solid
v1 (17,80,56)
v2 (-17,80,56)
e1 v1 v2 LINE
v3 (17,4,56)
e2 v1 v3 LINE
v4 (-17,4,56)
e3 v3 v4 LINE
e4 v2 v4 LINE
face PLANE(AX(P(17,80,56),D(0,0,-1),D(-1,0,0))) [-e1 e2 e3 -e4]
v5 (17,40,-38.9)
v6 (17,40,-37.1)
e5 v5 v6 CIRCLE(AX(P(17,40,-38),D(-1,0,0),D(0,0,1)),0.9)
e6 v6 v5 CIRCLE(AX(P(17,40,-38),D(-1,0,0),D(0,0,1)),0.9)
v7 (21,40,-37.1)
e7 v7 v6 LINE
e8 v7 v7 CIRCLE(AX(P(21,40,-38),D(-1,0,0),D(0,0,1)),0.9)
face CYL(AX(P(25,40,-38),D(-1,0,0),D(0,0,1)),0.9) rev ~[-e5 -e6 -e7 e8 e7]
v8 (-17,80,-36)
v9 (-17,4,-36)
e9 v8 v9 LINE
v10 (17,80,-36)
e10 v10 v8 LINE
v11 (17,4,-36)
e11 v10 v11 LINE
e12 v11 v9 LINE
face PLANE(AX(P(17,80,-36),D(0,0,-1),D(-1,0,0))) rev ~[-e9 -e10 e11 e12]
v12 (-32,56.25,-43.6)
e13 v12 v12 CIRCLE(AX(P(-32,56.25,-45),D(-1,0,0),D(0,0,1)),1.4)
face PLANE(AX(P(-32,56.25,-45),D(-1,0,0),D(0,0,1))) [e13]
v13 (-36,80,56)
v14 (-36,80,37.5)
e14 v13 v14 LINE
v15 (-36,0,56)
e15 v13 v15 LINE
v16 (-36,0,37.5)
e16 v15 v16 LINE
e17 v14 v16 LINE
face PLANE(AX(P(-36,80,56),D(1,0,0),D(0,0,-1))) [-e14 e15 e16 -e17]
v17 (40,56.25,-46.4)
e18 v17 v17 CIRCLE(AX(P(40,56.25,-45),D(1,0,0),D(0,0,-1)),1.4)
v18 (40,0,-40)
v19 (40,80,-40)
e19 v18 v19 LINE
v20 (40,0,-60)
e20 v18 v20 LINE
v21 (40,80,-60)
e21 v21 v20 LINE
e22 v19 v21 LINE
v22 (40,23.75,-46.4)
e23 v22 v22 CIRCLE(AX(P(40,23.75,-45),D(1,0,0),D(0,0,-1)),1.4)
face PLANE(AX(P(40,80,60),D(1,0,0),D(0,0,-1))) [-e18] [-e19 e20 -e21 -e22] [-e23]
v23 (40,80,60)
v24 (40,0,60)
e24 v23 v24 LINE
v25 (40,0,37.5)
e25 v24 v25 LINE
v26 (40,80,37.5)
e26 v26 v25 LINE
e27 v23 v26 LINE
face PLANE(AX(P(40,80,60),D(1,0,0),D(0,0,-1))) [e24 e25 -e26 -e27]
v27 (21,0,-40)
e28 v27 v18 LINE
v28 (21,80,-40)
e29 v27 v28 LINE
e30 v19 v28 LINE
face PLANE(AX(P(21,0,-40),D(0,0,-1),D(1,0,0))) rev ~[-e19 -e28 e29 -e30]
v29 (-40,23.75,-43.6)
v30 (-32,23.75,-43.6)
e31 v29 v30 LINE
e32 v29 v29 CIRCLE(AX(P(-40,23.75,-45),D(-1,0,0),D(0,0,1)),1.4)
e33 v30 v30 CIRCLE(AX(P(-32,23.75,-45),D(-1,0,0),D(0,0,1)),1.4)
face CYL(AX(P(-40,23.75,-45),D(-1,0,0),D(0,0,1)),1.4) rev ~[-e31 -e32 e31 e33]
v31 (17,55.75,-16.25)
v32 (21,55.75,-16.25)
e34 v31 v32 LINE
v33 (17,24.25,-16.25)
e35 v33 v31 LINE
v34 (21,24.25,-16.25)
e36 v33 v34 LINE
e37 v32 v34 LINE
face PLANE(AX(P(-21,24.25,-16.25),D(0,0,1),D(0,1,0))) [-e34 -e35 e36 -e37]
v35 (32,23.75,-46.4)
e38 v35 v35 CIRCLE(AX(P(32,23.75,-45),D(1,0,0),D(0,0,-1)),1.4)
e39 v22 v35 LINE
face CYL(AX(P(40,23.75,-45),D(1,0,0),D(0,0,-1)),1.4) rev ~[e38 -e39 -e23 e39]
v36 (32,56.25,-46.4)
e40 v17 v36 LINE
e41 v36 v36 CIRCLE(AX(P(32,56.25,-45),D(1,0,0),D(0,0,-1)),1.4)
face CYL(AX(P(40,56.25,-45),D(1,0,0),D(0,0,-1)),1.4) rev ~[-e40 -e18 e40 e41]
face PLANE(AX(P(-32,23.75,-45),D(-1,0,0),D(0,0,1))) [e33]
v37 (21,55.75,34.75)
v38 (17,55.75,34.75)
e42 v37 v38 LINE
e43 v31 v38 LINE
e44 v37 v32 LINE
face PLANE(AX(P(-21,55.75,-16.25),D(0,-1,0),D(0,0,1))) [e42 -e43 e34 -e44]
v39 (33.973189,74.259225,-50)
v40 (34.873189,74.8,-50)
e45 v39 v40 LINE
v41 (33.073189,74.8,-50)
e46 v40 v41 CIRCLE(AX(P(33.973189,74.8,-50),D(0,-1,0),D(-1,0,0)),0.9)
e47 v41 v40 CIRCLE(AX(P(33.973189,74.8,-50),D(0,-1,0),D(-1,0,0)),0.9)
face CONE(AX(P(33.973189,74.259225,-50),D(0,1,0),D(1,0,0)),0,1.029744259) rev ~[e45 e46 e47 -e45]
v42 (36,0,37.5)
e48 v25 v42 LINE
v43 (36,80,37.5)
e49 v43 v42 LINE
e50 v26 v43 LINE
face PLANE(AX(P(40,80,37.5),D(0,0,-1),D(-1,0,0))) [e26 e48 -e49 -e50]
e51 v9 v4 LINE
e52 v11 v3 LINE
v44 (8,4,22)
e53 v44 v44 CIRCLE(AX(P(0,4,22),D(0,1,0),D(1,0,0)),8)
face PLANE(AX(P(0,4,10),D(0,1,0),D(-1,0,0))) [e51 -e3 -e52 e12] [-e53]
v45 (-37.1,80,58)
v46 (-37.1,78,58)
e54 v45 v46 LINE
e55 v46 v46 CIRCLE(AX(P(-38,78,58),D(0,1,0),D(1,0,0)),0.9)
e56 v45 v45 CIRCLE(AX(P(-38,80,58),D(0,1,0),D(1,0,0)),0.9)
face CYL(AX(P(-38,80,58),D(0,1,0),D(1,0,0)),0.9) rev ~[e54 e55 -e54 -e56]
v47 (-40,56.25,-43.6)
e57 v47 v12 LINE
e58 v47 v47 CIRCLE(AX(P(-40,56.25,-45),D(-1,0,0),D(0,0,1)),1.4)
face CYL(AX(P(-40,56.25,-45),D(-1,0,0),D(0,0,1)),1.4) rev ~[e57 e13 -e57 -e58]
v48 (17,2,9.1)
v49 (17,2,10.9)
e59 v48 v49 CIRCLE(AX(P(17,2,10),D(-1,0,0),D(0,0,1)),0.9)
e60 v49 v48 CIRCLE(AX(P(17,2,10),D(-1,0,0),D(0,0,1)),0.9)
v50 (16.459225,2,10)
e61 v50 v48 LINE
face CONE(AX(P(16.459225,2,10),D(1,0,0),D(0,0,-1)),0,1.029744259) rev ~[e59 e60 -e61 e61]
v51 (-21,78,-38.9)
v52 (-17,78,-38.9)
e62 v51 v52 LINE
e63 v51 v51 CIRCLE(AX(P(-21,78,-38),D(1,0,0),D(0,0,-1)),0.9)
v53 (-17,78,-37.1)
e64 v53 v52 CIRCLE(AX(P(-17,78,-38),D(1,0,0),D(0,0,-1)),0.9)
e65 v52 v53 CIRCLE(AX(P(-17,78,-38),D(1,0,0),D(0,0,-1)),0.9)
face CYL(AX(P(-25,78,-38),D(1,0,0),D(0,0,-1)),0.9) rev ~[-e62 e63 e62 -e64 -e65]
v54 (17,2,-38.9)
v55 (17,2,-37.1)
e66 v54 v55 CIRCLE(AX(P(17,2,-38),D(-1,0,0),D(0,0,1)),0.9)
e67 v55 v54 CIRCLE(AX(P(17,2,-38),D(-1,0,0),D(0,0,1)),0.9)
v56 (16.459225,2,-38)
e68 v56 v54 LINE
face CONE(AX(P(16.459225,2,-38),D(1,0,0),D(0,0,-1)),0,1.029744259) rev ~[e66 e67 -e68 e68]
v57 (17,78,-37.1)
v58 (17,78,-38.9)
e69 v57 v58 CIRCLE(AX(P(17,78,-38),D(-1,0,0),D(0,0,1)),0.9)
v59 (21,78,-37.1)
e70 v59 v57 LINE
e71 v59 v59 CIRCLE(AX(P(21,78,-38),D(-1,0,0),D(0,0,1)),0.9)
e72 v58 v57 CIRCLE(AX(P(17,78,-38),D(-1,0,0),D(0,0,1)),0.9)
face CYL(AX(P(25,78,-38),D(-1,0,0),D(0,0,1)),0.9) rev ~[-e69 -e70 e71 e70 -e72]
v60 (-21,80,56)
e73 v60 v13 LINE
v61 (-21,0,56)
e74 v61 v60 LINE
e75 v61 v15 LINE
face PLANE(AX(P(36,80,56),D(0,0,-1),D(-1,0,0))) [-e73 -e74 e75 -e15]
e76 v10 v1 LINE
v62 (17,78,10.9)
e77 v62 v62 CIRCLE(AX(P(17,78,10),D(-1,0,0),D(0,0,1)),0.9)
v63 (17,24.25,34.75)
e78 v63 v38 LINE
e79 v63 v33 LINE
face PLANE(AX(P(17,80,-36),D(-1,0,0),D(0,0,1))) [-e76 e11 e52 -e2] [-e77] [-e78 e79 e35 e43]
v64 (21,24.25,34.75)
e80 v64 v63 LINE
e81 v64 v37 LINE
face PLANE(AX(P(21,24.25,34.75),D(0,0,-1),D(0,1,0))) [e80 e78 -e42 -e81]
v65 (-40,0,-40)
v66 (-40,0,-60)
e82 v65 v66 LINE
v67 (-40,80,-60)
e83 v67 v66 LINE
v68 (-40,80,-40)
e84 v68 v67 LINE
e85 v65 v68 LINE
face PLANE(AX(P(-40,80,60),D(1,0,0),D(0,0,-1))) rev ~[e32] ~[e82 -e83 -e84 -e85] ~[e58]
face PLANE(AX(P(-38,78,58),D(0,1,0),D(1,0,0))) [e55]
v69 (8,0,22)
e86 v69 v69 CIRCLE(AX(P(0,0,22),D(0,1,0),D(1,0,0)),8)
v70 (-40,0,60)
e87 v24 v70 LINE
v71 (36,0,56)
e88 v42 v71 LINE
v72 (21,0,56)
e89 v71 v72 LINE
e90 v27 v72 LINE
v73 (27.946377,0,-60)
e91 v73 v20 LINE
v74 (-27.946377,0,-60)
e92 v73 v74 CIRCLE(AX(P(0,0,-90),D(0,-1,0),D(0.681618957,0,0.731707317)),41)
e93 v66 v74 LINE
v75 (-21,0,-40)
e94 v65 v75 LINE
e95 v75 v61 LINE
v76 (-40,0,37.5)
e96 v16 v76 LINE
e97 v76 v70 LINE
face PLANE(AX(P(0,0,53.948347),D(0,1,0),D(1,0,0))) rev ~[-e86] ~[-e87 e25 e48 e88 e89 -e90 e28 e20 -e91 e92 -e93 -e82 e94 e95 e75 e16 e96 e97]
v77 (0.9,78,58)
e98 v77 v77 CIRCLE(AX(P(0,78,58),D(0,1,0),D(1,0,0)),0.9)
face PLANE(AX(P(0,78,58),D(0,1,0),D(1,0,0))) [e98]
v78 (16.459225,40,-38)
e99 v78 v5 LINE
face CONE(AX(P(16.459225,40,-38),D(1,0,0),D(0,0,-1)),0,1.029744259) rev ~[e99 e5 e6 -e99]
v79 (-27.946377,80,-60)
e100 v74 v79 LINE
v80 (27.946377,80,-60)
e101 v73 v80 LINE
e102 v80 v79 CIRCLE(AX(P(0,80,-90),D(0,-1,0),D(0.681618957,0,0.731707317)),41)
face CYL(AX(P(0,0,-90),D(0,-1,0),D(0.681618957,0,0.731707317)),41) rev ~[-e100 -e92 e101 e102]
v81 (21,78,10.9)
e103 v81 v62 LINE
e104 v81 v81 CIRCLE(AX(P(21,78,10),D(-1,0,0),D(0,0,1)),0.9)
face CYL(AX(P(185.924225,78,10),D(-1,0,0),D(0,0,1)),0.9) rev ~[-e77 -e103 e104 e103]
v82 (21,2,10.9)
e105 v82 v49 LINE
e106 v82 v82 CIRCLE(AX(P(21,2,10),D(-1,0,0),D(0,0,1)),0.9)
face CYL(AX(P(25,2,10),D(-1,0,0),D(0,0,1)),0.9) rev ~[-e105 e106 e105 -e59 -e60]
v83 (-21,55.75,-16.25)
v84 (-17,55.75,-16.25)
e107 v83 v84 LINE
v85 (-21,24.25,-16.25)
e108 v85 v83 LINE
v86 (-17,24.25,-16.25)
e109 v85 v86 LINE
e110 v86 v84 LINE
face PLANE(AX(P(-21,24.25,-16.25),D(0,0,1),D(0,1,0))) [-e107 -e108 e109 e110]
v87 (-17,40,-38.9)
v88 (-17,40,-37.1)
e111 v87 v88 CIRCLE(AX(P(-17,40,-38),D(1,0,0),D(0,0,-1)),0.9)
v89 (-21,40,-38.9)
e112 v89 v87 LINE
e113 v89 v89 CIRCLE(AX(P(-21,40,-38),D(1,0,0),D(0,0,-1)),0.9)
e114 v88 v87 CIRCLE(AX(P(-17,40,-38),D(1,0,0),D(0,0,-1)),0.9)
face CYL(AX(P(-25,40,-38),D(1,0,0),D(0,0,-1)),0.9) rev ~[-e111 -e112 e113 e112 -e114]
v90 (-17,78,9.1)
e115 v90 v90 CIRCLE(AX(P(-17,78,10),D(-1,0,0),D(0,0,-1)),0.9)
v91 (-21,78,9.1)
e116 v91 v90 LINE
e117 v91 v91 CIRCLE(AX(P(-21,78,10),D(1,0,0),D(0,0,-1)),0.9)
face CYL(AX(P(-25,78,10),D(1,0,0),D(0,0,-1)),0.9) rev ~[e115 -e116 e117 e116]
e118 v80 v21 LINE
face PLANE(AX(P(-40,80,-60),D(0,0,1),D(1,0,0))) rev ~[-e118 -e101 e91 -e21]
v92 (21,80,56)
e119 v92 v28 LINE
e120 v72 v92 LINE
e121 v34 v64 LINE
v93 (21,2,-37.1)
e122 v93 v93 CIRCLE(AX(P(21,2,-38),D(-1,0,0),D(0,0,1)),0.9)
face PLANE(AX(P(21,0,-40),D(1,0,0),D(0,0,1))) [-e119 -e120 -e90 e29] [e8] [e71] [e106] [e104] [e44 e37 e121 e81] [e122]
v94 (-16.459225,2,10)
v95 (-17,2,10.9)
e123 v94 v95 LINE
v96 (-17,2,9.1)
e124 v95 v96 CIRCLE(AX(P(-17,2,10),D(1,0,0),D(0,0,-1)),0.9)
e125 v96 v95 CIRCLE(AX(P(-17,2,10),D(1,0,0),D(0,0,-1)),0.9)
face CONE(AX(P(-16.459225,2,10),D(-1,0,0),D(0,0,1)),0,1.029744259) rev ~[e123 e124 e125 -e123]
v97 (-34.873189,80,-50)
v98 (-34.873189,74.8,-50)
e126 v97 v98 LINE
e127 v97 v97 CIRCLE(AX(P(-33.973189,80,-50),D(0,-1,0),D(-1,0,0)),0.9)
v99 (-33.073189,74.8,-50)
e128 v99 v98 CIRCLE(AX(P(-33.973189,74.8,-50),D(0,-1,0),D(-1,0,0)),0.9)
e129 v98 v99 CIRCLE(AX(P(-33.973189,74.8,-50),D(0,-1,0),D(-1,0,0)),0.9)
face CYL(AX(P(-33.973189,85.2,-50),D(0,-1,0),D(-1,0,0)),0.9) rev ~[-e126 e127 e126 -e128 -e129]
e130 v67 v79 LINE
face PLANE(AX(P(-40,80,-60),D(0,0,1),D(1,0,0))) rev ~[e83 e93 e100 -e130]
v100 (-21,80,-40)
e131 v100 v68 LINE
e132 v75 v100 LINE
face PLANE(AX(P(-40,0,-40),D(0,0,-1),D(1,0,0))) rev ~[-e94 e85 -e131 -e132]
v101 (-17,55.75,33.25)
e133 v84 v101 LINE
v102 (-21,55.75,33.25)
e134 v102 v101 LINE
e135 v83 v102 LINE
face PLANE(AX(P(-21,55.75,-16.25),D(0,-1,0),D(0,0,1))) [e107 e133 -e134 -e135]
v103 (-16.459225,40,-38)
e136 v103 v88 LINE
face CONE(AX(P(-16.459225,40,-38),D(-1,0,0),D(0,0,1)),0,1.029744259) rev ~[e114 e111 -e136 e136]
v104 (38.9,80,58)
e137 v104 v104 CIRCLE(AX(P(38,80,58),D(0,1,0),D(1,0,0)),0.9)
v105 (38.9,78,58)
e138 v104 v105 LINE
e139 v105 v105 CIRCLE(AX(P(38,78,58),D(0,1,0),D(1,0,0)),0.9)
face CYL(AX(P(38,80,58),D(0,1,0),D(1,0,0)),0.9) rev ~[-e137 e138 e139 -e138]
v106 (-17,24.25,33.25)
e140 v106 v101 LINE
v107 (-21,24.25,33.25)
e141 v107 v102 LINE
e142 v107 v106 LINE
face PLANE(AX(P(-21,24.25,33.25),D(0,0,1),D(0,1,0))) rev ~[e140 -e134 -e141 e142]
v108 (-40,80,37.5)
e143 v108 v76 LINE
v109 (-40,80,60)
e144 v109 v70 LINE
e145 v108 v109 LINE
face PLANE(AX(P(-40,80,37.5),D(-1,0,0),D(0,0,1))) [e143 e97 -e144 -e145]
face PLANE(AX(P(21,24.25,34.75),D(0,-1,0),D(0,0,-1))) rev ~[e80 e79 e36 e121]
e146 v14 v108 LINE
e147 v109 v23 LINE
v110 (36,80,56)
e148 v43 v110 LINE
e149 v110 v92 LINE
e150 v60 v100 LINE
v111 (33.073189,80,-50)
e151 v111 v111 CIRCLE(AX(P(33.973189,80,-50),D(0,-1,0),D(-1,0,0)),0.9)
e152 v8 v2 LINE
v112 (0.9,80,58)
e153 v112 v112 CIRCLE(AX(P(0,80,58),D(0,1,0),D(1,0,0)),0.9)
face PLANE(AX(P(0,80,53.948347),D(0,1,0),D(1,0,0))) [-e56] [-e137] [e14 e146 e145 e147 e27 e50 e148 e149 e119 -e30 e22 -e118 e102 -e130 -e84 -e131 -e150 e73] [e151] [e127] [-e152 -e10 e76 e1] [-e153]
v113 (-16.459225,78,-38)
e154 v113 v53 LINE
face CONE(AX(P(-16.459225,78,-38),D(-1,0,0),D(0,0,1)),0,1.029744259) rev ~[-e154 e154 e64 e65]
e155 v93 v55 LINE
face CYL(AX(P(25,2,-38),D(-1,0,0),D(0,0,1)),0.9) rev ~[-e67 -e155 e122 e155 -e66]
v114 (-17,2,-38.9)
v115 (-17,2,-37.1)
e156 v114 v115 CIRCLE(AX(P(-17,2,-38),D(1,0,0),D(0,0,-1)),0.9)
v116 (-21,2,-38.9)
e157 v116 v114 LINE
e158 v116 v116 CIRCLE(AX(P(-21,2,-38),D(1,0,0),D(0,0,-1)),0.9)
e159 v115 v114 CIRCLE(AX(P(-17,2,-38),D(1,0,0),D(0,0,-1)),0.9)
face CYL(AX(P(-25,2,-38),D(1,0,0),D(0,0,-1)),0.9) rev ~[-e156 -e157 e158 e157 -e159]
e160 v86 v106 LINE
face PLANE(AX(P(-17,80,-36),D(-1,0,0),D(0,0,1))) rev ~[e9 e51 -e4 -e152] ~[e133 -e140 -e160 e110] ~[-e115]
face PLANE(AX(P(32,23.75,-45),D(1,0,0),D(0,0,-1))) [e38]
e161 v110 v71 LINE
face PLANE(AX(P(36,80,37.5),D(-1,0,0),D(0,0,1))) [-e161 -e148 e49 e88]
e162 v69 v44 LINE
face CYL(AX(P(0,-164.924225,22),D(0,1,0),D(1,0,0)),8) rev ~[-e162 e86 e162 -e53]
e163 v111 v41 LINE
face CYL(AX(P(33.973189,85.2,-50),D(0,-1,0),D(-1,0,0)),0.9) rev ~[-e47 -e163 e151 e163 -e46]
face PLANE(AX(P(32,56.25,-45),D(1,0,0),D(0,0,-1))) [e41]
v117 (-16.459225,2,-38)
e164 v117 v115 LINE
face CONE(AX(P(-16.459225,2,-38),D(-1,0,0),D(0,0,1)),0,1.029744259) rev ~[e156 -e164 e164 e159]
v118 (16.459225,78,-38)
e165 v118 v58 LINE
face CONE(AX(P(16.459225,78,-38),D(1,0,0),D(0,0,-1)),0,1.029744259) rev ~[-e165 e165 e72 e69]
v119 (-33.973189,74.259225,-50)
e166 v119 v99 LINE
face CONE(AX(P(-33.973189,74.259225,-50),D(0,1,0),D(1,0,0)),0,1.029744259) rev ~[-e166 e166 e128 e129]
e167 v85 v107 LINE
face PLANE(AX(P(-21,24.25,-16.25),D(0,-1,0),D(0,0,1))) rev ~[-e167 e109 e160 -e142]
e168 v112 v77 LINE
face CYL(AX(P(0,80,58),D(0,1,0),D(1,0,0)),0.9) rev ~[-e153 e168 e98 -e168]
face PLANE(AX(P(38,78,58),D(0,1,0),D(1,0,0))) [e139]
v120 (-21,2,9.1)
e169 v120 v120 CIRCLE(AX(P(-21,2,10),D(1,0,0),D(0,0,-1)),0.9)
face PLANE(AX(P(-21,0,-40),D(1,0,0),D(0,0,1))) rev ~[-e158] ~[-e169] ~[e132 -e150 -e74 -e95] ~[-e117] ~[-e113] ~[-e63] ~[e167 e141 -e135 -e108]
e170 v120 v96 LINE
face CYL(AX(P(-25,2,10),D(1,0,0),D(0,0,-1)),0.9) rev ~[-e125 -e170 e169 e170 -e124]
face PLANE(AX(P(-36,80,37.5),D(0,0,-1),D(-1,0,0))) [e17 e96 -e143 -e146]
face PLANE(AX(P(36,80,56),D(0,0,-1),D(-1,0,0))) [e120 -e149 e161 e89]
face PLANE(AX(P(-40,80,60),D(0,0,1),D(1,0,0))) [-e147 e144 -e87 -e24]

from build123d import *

# Parameters (mm, degrees)
SKETCH_1_W                  = 80
SKETCH_1_H                  = 120
EXTRUDE_1_DEPTH             = 80
SKETCH_2_W                  = 19
SKETCH_2_H                  = 100
CUT_EXTRUDE_1_DEPTH         = 81
SKETCH_3_W                  = 19
SKETCH_3_H                  = 100
CUT_EXTRUDE_2_DEPTH         = 81
CUT_EXTRUDE_3_DEPTH         = 81
SKETCH_5_W                  = 34
SKETCH_5_H                  = 92
CUT_EXTRUDE_4_DEPTH         = 76
CUT_EXTRUDE_5_REACH         = 63
SKETCH_6_W                  = 49.5
SKETCH_6_H                  = 31.5
SKETCH_7_W                  = 49.5
SKETCH_7_H                  = 31.5
CUT_EXTRUDE_6_DEPTH         = 62
HOLE_WIZARD_1_8_1_8_5_D     = 1.8
HOLE_WIZARD_1_8_1_8_5_DEPTH = 4
HOLE_WIZARD_16_0_16_1_D     = 16
HOLE_WIZARD_1_8_1_8_4_D     = 1.8
HOLE_WIZARD_1_8_1_8_4_DEPTH = 4
HOLE_WIZARD_1_8_1_8_4_TIP   = 0.540774557
HOLE_WIZARD_1_8_1_8_3_D     = 1.8
HOLE_WIZARD_1_8_1_8_1_D     = 1.8
HOLE_WIZARD_1_8_1_8_1_DEPTH = 5.2
HOLE_WIZARD_1_8_1_8_1_TIP   = 0.540774557
HOLE_WIZARD_1_8_1_8_2_D     = 1.8
HOLE_WIZARD_1_8_1_8_2_DEPTH = 4
HOLE_WIZARD_1_8_1_8_2_TIP   = 0.540774557
EXTRUDE_2_DEPTH             = 80
SKETCH_21_R                 = 1.4
CUT_EXTRUDE_7_DEPTH         = 8
SKETCH_22_R                 = 1.4
CUT_EXTRUDE_8_DEPTH         = 8
SKETCH_23_R                 = 0.9
CUT_EXTRUDE_9_DEPTH         = 2


with BuildPart() as part:
    # 스케치1 → 보스-돌출1 (new body)
    with BuildSketch(Plane(origin=(0, 80, 0), x_dir=(1, 0, 0), z_dir=(0, 1, 0))):
        Rectangle(SKETCH_1_W, SKETCH_1_H)
    extrude(amount=-EXTRUDE_1_DEPTH)

    # 스케치2 → 컷-돌출1 (cut, through all)
    with BuildSketch(Plane.XZ):
        with Locations((-30.5, 10)):
            Rectangle(SKETCH_2_W, SKETCH_2_H)
    extrude(amount=-CUT_EXTRUDE_1_DEPTH, mode=Mode.SUBTRACT)

    # 스케치3 → 컷-돌출2 (cut, through all)
    with BuildSketch(Plane.XZ):
        with Locations((30.5, 10)):
            Rectangle(SKETCH_3_W, SKETCH_3_H)
    extrude(amount=-CUT_EXTRUDE_2_DEPTH, mode=Mode.SUBTRACT)

    # 스케치4 → 컷-돌출3 (cut, through all)
    with BuildSketch(Plane.XZ):
        with BuildLine():
            Line((-27.946377225, -60), (27.946377225, -60))
            ThreePointArc((27.946377225, -60), (0, -49), (-27.946377225, -60))
        make_face()
    extrude(amount=-CUT_EXTRUDE_3_DEPTH, mode=Mode.SUBTRACT)

    # 스케치5 → 컷-돌출4 (cut)
    with BuildSketch(Plane(origin=(0, 80, 0), x_dir=(-1, 0, 0), z_dir=(0, 1, 0))):
        with Locations((0, 10)):
            Rectangle(SKETCH_5_W, SKETCH_5_H)
    extrude(amount=-CUT_EXTRUDE_4_DEPTH, mode=Mode.SUBTRACT)

    # 스케치6 → 컷-돌출5 (cut, up to next)
    with BuildSketch(Plane(origin=(21, 0, 0), x_dir=(0, 0, -1), z_dir=(1, 0, 0)), mode=Mode.PRIVATE) as cut_extrude_5_sk1:
        with Locations((-10, 40)):
            Rectangle(SKETCH_6_W, SKETCH_6_H)
    cut_extrude_5_tool1 = extrude(cut_extrude_5_sk1.sketch, amount=-CUT_EXTRUDE_5_REACH, mode=Mode.PRIVATE) & part.part
    add(cut_extrude_5_tool1.solids().sort_by_distance((21, 40, 10))[0], mode=Mode.SUBTRACT)

    # 스케치7 → 컷-돌출6 (cut, through all)
    with BuildSketch(Plane.ZY.offset(21)):
        with Locations((8.5, 40)):
            Rectangle(SKETCH_7_W, SKETCH_7_H)
    extrude(amount=-CUT_EXTRUDE_6_DEPTH, mode=Mode.SUBTRACT)

    # Ø1.8 (1.8) 지름 구멍5
    with Locations(Plane.ZY.offset(21)):
        with Locations((10, 78)):
            Hole(HOLE_WIZARD_1_8_1_8_5_D / 2, depth=HOLE_WIZARD_1_8_1_8_5_DEPTH)

    # Ø16.0 (16) 지름 구멍1 (through all)
    with Locations(Plane(origin=(0, 0, 0), x_dir=(-1, 0, 0), z_dir=(0, -1, 0))):
        with Locations((0, -22)):
            Hole(HOLE_WIZARD_16_0_16_1_D / 2)

    # Ø1.8 (1.8) 지름 구멍4
    with Locations(Plane.ZY.offset(21)):
        with Locations((-38, 78), (-38, 40), (-38, 2), (10, 2)):
            Hole(HOLE_WIZARD_1_8_1_8_4_D / 2, depth=HOLE_WIZARD_1_8_1_8_4_DEPTH)
            with Locations((0, 0, -(HOLE_WIZARD_1_8_1_8_4_DEPTH + HOLE_WIZARD_1_8_1_8_4_TIP / 2))):  # 118° drill point
                Cone(0, HOLE_WIZARD_1_8_1_8_4_D / 2, HOLE_WIZARD_1_8_1_8_4_TIP, mode=Mode.SUBTRACT)

    # Ø1.8 (1.8) 지름 구멍3 (through all)
    with Locations(Plane(origin=(21, 0, 0), x_dir=(0, 0, -1), z_dir=(1, 0, 0))):
        with Locations((-10, 78)):
            Hole(HOLE_WIZARD_1_8_1_8_3_D / 2)

    # Ø1.8 (1.8) 지름 구멍1
    with Locations(Plane(origin=(0, 80, 0), x_dir=(1, 0, 0), z_dir=(0, 1, 0))):
        with Locations((33.973188612, 50), (-33.973188612, 50)):
            Hole(HOLE_WIZARD_1_8_1_8_1_D / 2, depth=HOLE_WIZARD_1_8_1_8_1_DEPTH)
            with Locations((0, 0, -(HOLE_WIZARD_1_8_1_8_1_DEPTH + HOLE_WIZARD_1_8_1_8_1_TIP / 2))):  # 118° drill point
                Cone(0, HOLE_WIZARD_1_8_1_8_1_D / 2, HOLE_WIZARD_1_8_1_8_1_TIP, mode=Mode.SUBTRACT)

    # Ø1.8 (1.8) 지름 구멍2
    with Locations(Plane(origin=(21, 0, 0), x_dir=(0, 0, -1), z_dir=(1, 0, 0))):
        with Locations((38, 78), (38, 40), (38, 2), (-10, 2)):
            Hole(HOLE_WIZARD_1_8_1_8_2_D / 2, depth=HOLE_WIZARD_1_8_1_8_2_DEPTH)
            with Locations((0, 0, -(HOLE_WIZARD_1_8_1_8_2_DEPTH + HOLE_WIZARD_1_8_1_8_2_TIP / 2))):  # 118° drill point
                Cone(0, HOLE_WIZARD_1_8_1_8_2_D / 2, HOLE_WIZARD_1_8_1_8_2_TIP, mode=Mode.SUBTRACT)

    # 스케치20 → 보스-돌출2 (add)
    with BuildSketch(Plane(origin=(0, 80, 0), x_dir=(1, 0, 0), z_dir=(0, 1, 0))):
        Polygon((40, -37.5), (36, -37.5), (36, -56), (-36, -56), (-36, -37.5), (-40, -37.5), (-40, -60), (40, -60), align=None)
    extrude(amount=-EXTRUDE_2_DEPTH)

    # 스케치21 → 컷-돌출7 (cut)
    with BuildSketch(Plane.ZY.offset(40)):
        with Locations((-45, 23.75)):
            Circle(SKETCH_21_R)
        with Locations((-45, 56.25)):
            Circle(SKETCH_21_R)
    extrude(amount=-CUT_EXTRUDE_7_DEPTH, mode=Mode.SUBTRACT)

    # 스케치22 → 컷-돌출8 (cut)
    with BuildSketch(Plane(origin=(40, 0, 0), x_dir=(0, 0, -1), z_dir=(1, 0, 0))):
        with Locations((45, 23.75)):
            Circle(SKETCH_22_R)
        with Locations((45, 56.25)):
            Circle(SKETCH_22_R)
    extrude(amount=-CUT_EXTRUDE_8_DEPTH, mode=Mode.SUBTRACT)

    # 스케치23 → 컷-돌출9 (cut)
    with BuildSketch(Plane(origin=(0, 80, 0), x_dir=(1, 0, 0), z_dir=(0, 1, 0))):
        with Locations((-38, -58)):
            Circle(SKETCH_23_R)
        with Locations((0, -58)):
            Circle(SKETCH_23_R)
        with Locations((38, -58)):
            Circle(SKETCH_23_R)
    extrude(amount=-CUT_EXTRUDE_9_DEPTH, mode=Mode.SUBTRACT)


solid = part.part
